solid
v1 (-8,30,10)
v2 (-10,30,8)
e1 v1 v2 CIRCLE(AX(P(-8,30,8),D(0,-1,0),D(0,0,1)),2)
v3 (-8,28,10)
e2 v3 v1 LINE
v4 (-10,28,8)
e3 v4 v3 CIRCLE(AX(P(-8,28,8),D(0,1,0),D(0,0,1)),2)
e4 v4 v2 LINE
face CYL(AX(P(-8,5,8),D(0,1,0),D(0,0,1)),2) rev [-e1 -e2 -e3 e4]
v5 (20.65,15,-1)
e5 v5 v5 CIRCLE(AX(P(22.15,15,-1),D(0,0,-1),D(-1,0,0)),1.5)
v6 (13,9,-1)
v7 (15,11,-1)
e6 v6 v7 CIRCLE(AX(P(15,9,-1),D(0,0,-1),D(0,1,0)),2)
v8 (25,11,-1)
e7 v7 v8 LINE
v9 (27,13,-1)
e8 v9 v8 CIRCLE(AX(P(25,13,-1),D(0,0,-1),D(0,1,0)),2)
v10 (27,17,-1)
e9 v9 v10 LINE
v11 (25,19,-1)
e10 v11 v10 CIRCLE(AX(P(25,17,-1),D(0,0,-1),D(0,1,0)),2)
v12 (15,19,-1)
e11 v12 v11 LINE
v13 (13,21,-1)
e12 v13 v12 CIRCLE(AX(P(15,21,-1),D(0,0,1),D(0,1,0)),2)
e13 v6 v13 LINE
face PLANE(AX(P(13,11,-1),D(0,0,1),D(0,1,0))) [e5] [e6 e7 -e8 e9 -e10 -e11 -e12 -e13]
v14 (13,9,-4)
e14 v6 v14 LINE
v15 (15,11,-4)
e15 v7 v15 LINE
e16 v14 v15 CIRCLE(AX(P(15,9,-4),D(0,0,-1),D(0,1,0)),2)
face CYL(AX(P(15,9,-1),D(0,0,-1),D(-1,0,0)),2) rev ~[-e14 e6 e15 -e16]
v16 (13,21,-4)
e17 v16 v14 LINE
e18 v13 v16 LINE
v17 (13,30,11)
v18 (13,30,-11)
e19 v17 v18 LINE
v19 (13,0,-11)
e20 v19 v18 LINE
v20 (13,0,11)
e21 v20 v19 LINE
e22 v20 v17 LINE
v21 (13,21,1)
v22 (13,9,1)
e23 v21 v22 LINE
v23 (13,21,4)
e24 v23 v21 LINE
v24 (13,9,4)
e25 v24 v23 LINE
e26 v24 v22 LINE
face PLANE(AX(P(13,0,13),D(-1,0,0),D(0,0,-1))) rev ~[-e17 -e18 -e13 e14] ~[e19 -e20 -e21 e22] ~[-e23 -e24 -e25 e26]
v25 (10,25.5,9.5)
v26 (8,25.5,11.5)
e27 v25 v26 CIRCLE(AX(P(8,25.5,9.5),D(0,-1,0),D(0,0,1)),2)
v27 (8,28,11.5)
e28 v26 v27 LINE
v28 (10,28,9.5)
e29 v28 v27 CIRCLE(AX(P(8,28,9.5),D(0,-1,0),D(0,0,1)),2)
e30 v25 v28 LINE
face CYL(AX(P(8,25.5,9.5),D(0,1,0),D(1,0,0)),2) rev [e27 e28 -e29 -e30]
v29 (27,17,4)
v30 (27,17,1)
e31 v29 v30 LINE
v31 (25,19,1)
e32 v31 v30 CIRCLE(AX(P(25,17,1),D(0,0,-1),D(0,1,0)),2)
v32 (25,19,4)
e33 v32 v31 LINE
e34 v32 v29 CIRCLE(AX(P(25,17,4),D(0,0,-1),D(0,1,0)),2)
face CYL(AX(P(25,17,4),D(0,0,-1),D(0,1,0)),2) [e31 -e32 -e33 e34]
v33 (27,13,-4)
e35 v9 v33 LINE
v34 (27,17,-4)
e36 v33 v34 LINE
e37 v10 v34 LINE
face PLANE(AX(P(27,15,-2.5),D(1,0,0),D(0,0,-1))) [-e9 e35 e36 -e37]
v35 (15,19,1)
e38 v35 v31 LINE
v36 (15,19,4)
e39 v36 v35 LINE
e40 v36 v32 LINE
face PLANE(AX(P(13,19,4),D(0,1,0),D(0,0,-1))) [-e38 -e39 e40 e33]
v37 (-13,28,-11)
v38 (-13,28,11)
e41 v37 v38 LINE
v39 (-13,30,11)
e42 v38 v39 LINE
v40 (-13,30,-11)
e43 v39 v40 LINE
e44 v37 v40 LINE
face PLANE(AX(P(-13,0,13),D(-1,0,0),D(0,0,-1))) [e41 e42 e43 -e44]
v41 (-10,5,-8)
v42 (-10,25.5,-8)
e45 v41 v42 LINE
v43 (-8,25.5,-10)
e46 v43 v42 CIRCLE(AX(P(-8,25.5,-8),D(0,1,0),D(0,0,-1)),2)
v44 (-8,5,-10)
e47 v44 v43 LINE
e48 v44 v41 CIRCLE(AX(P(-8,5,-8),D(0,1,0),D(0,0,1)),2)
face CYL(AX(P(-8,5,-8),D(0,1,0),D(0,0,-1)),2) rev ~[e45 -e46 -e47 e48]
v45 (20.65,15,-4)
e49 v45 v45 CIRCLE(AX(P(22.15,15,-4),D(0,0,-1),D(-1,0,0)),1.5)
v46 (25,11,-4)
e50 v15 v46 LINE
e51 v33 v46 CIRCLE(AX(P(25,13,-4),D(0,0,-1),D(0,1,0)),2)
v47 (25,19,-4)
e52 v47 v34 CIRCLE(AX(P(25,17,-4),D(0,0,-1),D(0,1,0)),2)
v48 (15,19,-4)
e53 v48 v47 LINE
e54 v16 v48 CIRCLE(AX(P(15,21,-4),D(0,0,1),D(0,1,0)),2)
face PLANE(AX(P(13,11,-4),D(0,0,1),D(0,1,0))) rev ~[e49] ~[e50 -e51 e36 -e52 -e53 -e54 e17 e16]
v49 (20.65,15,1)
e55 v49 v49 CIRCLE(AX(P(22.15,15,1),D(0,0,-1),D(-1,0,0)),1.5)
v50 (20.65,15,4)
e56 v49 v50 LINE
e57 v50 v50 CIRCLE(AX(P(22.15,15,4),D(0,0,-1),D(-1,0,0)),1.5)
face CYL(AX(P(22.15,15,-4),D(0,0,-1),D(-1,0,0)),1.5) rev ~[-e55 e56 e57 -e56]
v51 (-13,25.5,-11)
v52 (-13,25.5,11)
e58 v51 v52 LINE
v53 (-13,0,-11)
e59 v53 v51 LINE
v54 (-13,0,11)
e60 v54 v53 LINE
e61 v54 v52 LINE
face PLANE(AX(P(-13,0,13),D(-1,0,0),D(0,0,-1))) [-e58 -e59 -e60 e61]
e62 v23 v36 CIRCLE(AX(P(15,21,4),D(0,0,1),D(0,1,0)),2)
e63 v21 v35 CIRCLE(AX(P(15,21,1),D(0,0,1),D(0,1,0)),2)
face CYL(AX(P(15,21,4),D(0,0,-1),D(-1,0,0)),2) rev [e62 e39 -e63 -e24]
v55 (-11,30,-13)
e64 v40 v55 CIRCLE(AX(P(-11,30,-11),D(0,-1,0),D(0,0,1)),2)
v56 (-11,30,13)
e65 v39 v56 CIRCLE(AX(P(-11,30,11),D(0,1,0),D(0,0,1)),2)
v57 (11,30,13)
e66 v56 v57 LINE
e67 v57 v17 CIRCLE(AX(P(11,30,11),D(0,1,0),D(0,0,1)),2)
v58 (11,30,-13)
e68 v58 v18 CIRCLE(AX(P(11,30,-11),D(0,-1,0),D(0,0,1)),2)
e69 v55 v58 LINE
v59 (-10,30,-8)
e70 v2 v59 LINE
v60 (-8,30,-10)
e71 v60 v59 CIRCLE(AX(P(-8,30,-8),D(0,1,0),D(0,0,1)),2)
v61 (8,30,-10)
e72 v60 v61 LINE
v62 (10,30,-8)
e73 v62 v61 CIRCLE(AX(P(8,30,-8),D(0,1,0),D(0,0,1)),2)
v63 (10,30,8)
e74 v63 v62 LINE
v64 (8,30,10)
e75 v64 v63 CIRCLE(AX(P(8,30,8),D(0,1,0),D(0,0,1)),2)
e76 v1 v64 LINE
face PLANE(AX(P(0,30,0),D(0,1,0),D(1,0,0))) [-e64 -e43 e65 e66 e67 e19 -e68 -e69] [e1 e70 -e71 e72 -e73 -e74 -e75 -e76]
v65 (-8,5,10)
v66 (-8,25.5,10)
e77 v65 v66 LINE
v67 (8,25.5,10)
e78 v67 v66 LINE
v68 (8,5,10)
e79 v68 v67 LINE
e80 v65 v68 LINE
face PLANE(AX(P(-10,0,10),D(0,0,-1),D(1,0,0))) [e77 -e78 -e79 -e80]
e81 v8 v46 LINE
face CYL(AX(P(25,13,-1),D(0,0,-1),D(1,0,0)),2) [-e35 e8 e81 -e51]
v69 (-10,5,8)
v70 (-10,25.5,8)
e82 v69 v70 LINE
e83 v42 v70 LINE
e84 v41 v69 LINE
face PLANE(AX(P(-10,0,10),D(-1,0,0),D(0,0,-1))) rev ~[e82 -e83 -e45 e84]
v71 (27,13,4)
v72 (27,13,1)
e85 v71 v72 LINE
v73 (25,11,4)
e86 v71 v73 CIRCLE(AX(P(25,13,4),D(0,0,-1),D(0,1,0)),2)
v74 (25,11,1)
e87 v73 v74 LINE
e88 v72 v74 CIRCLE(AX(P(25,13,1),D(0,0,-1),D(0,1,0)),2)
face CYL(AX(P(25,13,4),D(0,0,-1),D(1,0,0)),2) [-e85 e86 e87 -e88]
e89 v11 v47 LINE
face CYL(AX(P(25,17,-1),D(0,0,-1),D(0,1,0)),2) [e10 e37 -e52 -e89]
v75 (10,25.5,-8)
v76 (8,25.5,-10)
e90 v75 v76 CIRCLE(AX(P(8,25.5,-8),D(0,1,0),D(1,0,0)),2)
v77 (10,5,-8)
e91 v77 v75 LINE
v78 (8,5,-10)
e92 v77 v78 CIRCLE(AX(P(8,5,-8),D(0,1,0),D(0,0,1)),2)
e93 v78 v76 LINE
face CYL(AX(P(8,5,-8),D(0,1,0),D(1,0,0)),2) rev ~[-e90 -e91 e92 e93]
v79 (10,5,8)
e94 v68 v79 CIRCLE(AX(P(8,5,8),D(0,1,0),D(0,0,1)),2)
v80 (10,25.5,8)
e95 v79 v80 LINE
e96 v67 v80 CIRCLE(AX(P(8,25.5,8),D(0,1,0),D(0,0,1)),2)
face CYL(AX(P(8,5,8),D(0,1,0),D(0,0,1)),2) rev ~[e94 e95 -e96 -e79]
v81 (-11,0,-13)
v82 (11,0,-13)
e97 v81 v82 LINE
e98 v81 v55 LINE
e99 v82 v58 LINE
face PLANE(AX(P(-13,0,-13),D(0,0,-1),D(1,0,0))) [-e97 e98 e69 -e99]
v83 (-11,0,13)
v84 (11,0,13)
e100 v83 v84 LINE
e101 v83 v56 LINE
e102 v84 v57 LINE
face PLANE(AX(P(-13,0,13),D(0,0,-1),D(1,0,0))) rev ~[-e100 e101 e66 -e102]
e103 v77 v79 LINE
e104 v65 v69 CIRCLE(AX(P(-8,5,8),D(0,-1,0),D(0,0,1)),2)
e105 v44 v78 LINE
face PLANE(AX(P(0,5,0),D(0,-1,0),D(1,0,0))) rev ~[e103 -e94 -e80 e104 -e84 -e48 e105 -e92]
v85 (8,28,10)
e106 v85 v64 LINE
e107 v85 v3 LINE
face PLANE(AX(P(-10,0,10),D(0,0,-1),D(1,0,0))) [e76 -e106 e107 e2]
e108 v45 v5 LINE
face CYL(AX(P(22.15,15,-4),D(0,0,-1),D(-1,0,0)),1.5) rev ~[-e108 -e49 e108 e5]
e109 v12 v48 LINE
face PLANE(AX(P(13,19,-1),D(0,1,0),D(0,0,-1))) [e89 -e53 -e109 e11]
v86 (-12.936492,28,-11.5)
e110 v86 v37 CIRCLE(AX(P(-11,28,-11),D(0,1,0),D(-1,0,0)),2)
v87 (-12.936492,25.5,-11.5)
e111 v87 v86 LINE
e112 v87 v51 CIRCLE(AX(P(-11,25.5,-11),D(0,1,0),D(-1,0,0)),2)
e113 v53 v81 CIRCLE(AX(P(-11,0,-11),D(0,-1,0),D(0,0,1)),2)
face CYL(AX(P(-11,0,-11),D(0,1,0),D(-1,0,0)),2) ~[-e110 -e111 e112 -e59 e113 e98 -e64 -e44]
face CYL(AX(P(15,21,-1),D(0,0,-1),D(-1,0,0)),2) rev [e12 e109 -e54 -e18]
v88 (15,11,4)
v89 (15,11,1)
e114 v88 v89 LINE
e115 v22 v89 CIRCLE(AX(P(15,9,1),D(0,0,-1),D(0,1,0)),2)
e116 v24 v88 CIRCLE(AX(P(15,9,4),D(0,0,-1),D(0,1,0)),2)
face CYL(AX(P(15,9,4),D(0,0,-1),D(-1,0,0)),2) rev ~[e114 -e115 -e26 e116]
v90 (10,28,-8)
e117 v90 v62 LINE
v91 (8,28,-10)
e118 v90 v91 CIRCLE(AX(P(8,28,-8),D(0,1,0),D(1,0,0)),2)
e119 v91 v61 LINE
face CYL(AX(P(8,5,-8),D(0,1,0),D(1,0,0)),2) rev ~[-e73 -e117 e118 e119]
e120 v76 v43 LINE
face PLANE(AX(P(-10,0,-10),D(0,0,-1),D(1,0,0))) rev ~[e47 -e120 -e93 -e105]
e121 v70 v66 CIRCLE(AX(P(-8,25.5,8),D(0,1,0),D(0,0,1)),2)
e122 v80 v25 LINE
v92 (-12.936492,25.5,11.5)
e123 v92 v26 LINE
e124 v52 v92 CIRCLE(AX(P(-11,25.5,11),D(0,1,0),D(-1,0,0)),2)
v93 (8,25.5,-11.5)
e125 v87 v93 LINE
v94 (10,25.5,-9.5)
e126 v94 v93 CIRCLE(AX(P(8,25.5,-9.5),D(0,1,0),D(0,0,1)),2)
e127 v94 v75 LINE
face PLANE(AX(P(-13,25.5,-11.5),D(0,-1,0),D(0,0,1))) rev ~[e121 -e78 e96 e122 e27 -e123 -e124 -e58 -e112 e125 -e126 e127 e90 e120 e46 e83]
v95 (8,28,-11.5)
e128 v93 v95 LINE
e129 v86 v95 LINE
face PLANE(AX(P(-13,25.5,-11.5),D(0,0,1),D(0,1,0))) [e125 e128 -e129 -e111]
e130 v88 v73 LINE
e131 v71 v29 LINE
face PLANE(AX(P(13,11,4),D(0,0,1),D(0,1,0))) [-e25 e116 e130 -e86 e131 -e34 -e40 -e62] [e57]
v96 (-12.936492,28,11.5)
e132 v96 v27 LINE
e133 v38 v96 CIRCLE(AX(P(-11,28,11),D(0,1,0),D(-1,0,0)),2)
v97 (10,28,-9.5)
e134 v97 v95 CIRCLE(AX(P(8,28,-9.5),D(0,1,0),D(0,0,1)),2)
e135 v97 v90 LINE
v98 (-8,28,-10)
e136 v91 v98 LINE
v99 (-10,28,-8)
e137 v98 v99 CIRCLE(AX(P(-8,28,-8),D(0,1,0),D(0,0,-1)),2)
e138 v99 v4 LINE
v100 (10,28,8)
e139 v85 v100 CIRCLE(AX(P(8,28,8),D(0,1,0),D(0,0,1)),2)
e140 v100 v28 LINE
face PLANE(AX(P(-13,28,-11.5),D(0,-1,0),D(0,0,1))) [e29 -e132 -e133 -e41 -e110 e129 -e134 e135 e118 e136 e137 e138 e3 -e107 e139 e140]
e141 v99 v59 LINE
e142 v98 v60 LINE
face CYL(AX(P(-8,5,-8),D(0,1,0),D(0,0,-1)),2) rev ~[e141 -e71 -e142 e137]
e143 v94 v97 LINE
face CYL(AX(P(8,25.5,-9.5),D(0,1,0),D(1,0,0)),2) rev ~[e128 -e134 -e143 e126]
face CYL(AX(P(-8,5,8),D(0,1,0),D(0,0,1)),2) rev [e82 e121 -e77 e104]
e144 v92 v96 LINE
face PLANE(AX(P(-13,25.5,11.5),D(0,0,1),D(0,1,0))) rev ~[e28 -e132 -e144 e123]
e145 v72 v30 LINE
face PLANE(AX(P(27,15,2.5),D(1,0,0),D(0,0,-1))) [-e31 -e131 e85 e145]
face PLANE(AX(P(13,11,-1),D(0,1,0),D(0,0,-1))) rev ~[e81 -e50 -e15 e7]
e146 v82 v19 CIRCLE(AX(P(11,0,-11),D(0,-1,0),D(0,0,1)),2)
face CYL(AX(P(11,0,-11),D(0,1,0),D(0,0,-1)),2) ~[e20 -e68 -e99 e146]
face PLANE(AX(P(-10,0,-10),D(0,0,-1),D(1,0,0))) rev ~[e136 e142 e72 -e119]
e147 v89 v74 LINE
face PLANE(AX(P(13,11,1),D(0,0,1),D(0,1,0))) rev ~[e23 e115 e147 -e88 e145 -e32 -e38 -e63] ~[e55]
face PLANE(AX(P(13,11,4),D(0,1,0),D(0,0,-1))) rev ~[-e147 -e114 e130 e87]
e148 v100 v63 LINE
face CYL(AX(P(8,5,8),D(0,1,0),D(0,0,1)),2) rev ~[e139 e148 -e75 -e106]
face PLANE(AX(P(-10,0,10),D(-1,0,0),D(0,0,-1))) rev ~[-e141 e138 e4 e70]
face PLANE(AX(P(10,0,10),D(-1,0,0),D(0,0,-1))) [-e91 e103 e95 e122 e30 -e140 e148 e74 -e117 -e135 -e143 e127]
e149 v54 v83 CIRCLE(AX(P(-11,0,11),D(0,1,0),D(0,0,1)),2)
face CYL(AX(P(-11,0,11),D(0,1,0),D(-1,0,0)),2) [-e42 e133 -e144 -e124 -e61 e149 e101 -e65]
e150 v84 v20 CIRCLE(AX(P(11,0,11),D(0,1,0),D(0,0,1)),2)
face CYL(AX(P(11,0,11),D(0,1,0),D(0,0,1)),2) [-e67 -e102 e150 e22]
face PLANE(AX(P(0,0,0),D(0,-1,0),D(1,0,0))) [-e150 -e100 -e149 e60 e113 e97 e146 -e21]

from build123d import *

# Parameters (mm, degrees)
SKETCH1_W               = 26
SKETCH1_H               = 26
SKETCH1_W_2             = 20
SKETCH1_H_2             = 20
BOSS_EXTRUDE1_DEPTH     = 30
SKETCH2_W               = 20
SKETCH2_H               = 20
BOSS_EXTRUDE2_DEPTH     = 5
FILLET1_R               = 2
SKETCH6_W               = 3
SKETCH6_H               = 8
BOSS_EXTRUDE4_DEPTH     = 14
FILLET2_R               = 2
FILLET3_R               = 2
SKETCH7_R               = 1.5
CUT_EXTRUDE2_DEPTH      = 10
CUT_EXTRUDE2_DEPTH_BACK = 18
SKETCH9_W               = 23
SKETCH9_H               = 2.5
CUT_EXTRUDE3_DEPTH      = 23
FILLET4_R               = 2


with BuildPart() as part:
    # Sketch1 → Boss-Extrude1 (new body)
    with BuildSketch(Plane(origin=(0, 0, 0), x_dir=(1, 0, 0), z_dir=(0, 1, 0))):
        Rectangle(SKETCH1_W, SKETCH1_H)
        Rectangle(SKETCH1_W_2, SKETCH1_H_2, mode=Mode.SUBTRACT)
    extrude(amount=BOSS_EXTRUDE1_DEPTH)

    # Sketch2 → Boss-Extrude2 (add)
    with BuildSketch(Plane.XZ):
        Rectangle(SKETCH2_W, SKETCH2_H)
    extrude(amount=-BOSS_EXTRUDE2_DEPTH)

    # Fillet1
    fillet1_edges = [part.edges().sort_by_distance(p)[0] for p in [
        (-10, 17.5, -10),
        (-10, 17.5, 10),
        (10, 17.5, 10),
        (10, 17.5, -10),
        (-13, 15, -13),
        (13, 15, -13),
        (13, 15, 13),
        (-13, 15, 13),
    ]]
    fillet(fillet1_edges, radius=FILLET1_R)

    # Sketch6 → Boss-Extrude4 (add)
    with BuildSketch(Plane(origin=(13, 0, 0), x_dir=(0, 0, -1), z_dir=(1, 0, 0))):
        with Locations((-2.5, 15)):
            Rectangle(SKETCH6_W, SKETCH6_H)
        with Locations((2.5, 15)):
            Rectangle(SKETCH6_W, SKETCH6_H)
    extrude(amount=BOSS_EXTRUDE4_DEPTH)

    # Fillet2
    fillet2_edges = [part.edges().sort_by_distance(p)[0] for p in [
        (13, 11, 2.5),
        (13, 19, 2.5),
        (13, 19, -2.5),
        (13, 11, -2.5),
    ]]
    fillet(fillet2_edges, radius=FILLET2_R)

    # Fillet3
    fillet3_edges = [part.edges().sort_by_distance(p)[0] for p in [
        (27, 11, 2.5),
        (27, 19, 2.5),
        (27, 19, -2.5),
        (27, 11, -2.5),
    ]]
    fillet(fillet3_edges, radius=FILLET3_R)

    # Sketch7 → Cut-Extrude2 (cut, two sides)
    with BuildSketch(Plane(origin=(0, 0, -4), x_dir=(-1, 0, 0), z_dir=(0, 0, -1))) as cut_extrude2_sk:
        with Locations((-22.15, 15)):
            Circle(SKETCH7_R)
    extrude(amount=CUT_EXTRUDE2_DEPTH, mode=Mode.SUBTRACT)
    extrude(cut_extrude2_sk.sketch, amount=-CUT_EXTRUDE2_DEPTH_BACK, mode=Mode.SUBTRACT)

    # Sketch9 → Cut-Extrude3 (cut)
    with BuildSketch(Plane.ZY.offset(13)):
        with Locations((0, 26.75)):
            Rectangle(SKETCH9_W, SKETCH9_H)
    extrude(amount=-CUT_EXTRUDE3_DEPTH, mode=Mode.SUBTRACT)

    # Fillet4
    fillet4_edges = [part.edges().sort_by_distance(p)[0] for p in [
        (10, 26.75, 11.5),
        (10, 26.75, -11.5),
    ]]
    fillet(fillet4_edges, radius=FILLET4_R)


solid = part.part
